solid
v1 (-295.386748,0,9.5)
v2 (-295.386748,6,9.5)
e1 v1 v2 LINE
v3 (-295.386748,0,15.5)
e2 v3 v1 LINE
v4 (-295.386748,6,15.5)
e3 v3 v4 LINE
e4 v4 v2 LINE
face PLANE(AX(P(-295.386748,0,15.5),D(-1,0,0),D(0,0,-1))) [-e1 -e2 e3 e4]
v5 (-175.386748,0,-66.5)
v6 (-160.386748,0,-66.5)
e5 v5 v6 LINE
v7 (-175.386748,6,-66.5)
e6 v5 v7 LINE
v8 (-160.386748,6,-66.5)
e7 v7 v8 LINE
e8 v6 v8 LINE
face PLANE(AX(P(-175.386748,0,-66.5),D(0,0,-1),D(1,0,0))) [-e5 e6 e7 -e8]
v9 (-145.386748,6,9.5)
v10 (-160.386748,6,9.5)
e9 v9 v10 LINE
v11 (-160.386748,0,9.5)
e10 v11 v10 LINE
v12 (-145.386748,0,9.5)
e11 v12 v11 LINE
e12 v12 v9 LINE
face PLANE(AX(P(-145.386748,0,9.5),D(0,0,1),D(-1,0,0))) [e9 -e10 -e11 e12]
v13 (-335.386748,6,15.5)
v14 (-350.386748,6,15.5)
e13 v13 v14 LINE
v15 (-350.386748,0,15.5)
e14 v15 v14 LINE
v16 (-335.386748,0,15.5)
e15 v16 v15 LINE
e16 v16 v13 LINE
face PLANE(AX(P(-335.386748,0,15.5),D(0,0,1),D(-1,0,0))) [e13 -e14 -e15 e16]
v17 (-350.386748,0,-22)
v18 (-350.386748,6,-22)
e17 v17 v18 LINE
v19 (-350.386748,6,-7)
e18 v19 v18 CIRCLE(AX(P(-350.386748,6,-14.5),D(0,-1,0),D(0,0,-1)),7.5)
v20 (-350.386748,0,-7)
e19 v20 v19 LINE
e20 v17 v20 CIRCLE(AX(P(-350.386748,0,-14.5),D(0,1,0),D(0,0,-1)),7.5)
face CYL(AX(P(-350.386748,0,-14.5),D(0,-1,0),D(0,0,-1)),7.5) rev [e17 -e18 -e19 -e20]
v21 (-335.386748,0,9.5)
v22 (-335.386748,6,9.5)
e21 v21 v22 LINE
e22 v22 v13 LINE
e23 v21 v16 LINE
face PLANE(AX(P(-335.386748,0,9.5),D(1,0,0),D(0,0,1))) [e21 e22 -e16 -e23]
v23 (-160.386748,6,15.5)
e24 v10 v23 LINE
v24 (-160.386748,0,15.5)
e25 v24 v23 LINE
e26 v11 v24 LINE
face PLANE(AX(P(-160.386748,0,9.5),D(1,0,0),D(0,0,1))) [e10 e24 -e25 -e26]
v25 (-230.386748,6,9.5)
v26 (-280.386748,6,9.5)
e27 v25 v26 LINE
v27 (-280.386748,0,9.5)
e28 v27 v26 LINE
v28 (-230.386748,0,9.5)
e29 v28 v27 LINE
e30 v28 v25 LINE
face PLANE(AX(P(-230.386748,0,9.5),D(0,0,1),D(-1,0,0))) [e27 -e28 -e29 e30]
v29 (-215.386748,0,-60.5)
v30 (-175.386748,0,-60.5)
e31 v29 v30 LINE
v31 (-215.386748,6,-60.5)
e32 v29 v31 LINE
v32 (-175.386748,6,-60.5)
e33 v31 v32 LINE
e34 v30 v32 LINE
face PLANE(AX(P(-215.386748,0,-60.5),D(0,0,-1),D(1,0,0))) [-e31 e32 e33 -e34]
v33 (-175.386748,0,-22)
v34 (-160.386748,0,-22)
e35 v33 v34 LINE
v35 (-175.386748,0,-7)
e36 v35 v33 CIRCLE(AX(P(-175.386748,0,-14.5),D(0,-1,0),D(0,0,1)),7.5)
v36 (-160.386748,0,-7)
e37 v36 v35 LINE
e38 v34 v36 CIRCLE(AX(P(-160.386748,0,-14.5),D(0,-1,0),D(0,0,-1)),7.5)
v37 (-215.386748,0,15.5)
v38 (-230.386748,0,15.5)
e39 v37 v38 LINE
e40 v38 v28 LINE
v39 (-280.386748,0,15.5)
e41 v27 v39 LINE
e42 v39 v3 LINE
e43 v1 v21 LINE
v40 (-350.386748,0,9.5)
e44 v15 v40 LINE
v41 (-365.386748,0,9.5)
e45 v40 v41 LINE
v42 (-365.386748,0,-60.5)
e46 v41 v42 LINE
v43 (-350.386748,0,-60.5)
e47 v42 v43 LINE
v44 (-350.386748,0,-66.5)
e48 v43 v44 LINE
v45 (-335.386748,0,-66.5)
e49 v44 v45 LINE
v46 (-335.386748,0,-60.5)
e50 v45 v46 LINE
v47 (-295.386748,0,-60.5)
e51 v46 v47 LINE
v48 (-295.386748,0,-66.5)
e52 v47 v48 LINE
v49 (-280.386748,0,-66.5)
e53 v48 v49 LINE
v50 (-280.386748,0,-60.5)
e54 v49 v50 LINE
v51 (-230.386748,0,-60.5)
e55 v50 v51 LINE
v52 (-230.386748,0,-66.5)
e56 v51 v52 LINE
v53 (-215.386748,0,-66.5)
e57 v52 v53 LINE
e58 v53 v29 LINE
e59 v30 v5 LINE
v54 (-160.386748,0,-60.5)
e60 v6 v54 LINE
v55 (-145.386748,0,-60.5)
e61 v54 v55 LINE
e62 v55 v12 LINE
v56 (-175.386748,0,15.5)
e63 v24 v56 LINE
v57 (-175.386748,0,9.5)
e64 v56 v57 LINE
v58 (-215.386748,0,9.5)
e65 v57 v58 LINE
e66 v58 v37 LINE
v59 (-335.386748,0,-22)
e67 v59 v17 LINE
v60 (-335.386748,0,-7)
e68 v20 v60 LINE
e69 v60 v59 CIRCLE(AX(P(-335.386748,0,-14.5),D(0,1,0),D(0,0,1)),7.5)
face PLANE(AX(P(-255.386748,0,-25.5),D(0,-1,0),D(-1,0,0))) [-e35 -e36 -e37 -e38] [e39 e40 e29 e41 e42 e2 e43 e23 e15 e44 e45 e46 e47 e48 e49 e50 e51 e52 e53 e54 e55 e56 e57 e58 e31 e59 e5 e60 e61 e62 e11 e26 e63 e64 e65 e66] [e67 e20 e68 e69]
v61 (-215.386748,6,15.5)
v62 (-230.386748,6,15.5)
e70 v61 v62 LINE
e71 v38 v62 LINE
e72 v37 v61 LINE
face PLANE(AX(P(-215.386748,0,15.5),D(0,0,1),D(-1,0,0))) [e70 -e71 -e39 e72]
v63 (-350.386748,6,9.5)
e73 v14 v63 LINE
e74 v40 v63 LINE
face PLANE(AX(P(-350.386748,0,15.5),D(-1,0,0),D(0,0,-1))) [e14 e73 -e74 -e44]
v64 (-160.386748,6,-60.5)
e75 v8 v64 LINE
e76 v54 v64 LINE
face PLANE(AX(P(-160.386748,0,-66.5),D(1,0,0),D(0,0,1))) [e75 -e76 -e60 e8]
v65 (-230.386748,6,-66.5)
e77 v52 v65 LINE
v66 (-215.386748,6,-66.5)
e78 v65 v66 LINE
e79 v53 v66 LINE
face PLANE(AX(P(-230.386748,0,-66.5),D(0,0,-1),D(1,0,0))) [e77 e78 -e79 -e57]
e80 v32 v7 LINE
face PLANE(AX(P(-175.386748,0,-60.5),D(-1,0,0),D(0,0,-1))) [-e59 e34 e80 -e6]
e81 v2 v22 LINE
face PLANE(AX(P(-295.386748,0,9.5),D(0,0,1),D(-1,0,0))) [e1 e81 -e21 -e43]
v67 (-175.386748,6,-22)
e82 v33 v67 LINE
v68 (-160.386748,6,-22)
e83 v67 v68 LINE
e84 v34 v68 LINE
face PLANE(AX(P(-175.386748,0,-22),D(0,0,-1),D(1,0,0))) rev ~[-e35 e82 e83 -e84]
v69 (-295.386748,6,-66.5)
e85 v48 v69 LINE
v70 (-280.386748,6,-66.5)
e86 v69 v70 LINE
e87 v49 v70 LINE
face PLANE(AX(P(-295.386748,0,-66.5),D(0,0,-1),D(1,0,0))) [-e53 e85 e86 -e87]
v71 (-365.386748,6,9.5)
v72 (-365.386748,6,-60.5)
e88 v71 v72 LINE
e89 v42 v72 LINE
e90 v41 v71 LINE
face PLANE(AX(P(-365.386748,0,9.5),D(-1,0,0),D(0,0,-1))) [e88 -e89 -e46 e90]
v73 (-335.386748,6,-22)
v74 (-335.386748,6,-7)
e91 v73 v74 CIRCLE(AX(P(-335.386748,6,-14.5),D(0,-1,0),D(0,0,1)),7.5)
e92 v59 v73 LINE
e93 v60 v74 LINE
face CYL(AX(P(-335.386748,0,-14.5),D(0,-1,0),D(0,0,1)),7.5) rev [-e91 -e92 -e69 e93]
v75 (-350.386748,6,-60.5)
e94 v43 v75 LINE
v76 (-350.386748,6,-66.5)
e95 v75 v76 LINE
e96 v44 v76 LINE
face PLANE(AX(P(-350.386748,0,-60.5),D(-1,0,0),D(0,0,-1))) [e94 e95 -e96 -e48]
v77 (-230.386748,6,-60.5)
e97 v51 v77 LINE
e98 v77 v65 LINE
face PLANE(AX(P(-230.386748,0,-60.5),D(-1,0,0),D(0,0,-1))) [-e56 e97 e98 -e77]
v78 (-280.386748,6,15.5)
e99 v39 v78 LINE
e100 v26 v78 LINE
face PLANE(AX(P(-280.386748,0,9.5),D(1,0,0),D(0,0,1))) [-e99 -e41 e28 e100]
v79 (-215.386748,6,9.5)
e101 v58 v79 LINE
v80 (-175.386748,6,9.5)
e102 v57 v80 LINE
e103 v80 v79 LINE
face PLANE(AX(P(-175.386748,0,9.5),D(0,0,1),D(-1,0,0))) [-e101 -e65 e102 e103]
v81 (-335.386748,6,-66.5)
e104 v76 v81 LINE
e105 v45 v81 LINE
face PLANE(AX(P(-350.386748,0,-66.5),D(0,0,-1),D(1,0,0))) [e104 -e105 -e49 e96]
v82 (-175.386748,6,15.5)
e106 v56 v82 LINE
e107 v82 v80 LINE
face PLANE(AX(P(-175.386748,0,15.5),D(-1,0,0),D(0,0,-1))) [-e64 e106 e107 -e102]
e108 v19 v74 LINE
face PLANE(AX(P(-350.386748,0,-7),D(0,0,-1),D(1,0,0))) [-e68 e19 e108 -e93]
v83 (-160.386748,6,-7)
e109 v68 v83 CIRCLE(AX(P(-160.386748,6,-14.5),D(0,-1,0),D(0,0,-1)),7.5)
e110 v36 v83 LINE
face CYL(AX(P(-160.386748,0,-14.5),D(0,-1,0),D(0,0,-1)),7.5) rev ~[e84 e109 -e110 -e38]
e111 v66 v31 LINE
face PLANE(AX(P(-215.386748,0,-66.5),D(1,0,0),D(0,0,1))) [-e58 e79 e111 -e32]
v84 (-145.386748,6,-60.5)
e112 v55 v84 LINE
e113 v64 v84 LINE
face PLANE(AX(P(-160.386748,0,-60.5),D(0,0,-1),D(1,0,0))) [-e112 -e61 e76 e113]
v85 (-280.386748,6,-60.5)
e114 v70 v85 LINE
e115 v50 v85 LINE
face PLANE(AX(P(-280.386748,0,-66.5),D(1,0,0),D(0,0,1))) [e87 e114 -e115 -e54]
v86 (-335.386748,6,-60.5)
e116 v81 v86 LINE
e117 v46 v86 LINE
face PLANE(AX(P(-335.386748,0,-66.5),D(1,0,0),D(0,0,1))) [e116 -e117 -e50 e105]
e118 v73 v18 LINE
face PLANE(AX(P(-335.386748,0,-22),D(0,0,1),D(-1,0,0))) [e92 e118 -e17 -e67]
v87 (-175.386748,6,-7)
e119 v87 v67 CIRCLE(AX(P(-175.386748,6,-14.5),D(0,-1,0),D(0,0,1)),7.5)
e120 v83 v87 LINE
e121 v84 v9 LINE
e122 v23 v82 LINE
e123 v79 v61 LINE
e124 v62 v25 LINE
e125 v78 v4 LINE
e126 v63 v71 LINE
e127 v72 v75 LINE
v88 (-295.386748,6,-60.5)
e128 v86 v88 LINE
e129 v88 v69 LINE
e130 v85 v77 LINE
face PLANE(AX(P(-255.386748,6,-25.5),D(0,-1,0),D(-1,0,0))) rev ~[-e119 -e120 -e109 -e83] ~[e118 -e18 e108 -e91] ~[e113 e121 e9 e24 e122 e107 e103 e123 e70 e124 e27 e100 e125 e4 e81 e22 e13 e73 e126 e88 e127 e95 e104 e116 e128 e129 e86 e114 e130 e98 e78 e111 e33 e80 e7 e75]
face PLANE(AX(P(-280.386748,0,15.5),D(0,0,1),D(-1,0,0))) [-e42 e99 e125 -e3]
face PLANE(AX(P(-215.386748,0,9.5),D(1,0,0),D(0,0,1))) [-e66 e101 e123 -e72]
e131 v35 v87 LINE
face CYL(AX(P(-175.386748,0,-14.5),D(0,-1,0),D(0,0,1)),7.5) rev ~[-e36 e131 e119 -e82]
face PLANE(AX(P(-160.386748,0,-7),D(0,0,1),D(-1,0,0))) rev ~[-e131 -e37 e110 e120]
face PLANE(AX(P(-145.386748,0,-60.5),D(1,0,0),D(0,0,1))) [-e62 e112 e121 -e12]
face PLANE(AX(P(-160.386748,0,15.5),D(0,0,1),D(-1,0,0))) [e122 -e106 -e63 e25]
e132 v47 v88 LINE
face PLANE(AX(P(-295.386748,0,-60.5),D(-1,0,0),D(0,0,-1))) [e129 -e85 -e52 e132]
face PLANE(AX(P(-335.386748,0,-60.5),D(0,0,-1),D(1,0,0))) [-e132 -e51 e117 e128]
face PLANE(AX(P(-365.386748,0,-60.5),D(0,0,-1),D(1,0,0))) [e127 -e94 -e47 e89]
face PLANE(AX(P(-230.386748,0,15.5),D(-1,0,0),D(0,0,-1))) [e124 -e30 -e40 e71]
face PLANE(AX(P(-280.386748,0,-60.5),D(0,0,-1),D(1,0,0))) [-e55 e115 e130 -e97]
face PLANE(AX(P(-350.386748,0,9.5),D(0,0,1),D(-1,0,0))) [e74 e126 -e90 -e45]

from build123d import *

# Parameters (mm, degrees)
BOSS_EXTRUDE1_DEPTH = 6
CUT_EXTRUDE1_DEPTH  = 10


with BuildPart() as part:
    # Sketch1 → Boss-Extrude1 (new body)
    with BuildSketch(Plane(origin=(0, 0, 0), x_dir=(1, 0, 0), z_dir=(0, 1, 0))):
        Polygon((-160.386748432, 60.5), (-145.386748432, 60.5), (-145.386748432, -9.5), (-160.386748432, -9.5), (-160.386748432, -15.5), (-175.386748432, -15.5), (-175.386748432, -9.5), (-215.386748432, -9.5), (-215.386748432, -15.5), (-230.386748432, -15.5), (-230.386748432, -9.5), (-280.386748432, -9.5), (-280.386748432, -15.5), (-295.386748432, -15.5), (-295.386748432, -9.5), (-335.386748432, -9.5), (-335.386748432, -15.5), (-350.386748432, -15.5), (-350.386748432, -9.5), (-365.386748432, -9.5), (-365.386748432, 60.5), (-350.386748432, 60.5), (-350.386748432, 66.5), (-335.386748432, 66.5), (-335.386748432, 60.5), (-295.386748432, 60.5), (-295.386748432, 66.5), (-280.386748432, 66.5), (-280.386748432, 60.5), (-230.386748432, 60.5), (-230.386748432, 66.5), (-215.386748432, 66.5), (-215.386748432, 60.5), (-175.386748432, 60.5), (-175.386748432, 66.5), (-160.386748432, 66.5), align=None)
    extrude(amount=BOSS_EXTRUDE1_DEPTH)

    # Sketch2 → Cut-Extrude1 (cut)
    with BuildSketch(Plane.XZ):
        with BuildLine():
            Line((-350.386748432, -7), (-335.386748432, -7))
            ThreePointArc((-335.386748432, -7), (-327.886748432, -14.5), (-335.386748432, -22))
            Line((-335.386748432, -22), (-350.386748432, -22))
            ThreePointArc((-350.386748432, -22), (-357.886748432, -14.5), (-350.386748432, -7))
        make_face()
        with BuildLine():
            Line((-175.386748432, -22), (-160.386748432, -22))
            ThreePointArc((-160.386748432, -22), (-152.886748432, -14.5), (-160.386748432, -7))
            Line((-160.386748432, -7), (-175.386748432, -7))
            ThreePointArc((-175.386748432, -7), (-182.886748432, -14.5), (-175.386748432, -22))
        make_face()
    extrude(amount=-CUT_EXTRUDE1_DEPTH, mode=Mode.SUBTRACT)


solid = part.part
